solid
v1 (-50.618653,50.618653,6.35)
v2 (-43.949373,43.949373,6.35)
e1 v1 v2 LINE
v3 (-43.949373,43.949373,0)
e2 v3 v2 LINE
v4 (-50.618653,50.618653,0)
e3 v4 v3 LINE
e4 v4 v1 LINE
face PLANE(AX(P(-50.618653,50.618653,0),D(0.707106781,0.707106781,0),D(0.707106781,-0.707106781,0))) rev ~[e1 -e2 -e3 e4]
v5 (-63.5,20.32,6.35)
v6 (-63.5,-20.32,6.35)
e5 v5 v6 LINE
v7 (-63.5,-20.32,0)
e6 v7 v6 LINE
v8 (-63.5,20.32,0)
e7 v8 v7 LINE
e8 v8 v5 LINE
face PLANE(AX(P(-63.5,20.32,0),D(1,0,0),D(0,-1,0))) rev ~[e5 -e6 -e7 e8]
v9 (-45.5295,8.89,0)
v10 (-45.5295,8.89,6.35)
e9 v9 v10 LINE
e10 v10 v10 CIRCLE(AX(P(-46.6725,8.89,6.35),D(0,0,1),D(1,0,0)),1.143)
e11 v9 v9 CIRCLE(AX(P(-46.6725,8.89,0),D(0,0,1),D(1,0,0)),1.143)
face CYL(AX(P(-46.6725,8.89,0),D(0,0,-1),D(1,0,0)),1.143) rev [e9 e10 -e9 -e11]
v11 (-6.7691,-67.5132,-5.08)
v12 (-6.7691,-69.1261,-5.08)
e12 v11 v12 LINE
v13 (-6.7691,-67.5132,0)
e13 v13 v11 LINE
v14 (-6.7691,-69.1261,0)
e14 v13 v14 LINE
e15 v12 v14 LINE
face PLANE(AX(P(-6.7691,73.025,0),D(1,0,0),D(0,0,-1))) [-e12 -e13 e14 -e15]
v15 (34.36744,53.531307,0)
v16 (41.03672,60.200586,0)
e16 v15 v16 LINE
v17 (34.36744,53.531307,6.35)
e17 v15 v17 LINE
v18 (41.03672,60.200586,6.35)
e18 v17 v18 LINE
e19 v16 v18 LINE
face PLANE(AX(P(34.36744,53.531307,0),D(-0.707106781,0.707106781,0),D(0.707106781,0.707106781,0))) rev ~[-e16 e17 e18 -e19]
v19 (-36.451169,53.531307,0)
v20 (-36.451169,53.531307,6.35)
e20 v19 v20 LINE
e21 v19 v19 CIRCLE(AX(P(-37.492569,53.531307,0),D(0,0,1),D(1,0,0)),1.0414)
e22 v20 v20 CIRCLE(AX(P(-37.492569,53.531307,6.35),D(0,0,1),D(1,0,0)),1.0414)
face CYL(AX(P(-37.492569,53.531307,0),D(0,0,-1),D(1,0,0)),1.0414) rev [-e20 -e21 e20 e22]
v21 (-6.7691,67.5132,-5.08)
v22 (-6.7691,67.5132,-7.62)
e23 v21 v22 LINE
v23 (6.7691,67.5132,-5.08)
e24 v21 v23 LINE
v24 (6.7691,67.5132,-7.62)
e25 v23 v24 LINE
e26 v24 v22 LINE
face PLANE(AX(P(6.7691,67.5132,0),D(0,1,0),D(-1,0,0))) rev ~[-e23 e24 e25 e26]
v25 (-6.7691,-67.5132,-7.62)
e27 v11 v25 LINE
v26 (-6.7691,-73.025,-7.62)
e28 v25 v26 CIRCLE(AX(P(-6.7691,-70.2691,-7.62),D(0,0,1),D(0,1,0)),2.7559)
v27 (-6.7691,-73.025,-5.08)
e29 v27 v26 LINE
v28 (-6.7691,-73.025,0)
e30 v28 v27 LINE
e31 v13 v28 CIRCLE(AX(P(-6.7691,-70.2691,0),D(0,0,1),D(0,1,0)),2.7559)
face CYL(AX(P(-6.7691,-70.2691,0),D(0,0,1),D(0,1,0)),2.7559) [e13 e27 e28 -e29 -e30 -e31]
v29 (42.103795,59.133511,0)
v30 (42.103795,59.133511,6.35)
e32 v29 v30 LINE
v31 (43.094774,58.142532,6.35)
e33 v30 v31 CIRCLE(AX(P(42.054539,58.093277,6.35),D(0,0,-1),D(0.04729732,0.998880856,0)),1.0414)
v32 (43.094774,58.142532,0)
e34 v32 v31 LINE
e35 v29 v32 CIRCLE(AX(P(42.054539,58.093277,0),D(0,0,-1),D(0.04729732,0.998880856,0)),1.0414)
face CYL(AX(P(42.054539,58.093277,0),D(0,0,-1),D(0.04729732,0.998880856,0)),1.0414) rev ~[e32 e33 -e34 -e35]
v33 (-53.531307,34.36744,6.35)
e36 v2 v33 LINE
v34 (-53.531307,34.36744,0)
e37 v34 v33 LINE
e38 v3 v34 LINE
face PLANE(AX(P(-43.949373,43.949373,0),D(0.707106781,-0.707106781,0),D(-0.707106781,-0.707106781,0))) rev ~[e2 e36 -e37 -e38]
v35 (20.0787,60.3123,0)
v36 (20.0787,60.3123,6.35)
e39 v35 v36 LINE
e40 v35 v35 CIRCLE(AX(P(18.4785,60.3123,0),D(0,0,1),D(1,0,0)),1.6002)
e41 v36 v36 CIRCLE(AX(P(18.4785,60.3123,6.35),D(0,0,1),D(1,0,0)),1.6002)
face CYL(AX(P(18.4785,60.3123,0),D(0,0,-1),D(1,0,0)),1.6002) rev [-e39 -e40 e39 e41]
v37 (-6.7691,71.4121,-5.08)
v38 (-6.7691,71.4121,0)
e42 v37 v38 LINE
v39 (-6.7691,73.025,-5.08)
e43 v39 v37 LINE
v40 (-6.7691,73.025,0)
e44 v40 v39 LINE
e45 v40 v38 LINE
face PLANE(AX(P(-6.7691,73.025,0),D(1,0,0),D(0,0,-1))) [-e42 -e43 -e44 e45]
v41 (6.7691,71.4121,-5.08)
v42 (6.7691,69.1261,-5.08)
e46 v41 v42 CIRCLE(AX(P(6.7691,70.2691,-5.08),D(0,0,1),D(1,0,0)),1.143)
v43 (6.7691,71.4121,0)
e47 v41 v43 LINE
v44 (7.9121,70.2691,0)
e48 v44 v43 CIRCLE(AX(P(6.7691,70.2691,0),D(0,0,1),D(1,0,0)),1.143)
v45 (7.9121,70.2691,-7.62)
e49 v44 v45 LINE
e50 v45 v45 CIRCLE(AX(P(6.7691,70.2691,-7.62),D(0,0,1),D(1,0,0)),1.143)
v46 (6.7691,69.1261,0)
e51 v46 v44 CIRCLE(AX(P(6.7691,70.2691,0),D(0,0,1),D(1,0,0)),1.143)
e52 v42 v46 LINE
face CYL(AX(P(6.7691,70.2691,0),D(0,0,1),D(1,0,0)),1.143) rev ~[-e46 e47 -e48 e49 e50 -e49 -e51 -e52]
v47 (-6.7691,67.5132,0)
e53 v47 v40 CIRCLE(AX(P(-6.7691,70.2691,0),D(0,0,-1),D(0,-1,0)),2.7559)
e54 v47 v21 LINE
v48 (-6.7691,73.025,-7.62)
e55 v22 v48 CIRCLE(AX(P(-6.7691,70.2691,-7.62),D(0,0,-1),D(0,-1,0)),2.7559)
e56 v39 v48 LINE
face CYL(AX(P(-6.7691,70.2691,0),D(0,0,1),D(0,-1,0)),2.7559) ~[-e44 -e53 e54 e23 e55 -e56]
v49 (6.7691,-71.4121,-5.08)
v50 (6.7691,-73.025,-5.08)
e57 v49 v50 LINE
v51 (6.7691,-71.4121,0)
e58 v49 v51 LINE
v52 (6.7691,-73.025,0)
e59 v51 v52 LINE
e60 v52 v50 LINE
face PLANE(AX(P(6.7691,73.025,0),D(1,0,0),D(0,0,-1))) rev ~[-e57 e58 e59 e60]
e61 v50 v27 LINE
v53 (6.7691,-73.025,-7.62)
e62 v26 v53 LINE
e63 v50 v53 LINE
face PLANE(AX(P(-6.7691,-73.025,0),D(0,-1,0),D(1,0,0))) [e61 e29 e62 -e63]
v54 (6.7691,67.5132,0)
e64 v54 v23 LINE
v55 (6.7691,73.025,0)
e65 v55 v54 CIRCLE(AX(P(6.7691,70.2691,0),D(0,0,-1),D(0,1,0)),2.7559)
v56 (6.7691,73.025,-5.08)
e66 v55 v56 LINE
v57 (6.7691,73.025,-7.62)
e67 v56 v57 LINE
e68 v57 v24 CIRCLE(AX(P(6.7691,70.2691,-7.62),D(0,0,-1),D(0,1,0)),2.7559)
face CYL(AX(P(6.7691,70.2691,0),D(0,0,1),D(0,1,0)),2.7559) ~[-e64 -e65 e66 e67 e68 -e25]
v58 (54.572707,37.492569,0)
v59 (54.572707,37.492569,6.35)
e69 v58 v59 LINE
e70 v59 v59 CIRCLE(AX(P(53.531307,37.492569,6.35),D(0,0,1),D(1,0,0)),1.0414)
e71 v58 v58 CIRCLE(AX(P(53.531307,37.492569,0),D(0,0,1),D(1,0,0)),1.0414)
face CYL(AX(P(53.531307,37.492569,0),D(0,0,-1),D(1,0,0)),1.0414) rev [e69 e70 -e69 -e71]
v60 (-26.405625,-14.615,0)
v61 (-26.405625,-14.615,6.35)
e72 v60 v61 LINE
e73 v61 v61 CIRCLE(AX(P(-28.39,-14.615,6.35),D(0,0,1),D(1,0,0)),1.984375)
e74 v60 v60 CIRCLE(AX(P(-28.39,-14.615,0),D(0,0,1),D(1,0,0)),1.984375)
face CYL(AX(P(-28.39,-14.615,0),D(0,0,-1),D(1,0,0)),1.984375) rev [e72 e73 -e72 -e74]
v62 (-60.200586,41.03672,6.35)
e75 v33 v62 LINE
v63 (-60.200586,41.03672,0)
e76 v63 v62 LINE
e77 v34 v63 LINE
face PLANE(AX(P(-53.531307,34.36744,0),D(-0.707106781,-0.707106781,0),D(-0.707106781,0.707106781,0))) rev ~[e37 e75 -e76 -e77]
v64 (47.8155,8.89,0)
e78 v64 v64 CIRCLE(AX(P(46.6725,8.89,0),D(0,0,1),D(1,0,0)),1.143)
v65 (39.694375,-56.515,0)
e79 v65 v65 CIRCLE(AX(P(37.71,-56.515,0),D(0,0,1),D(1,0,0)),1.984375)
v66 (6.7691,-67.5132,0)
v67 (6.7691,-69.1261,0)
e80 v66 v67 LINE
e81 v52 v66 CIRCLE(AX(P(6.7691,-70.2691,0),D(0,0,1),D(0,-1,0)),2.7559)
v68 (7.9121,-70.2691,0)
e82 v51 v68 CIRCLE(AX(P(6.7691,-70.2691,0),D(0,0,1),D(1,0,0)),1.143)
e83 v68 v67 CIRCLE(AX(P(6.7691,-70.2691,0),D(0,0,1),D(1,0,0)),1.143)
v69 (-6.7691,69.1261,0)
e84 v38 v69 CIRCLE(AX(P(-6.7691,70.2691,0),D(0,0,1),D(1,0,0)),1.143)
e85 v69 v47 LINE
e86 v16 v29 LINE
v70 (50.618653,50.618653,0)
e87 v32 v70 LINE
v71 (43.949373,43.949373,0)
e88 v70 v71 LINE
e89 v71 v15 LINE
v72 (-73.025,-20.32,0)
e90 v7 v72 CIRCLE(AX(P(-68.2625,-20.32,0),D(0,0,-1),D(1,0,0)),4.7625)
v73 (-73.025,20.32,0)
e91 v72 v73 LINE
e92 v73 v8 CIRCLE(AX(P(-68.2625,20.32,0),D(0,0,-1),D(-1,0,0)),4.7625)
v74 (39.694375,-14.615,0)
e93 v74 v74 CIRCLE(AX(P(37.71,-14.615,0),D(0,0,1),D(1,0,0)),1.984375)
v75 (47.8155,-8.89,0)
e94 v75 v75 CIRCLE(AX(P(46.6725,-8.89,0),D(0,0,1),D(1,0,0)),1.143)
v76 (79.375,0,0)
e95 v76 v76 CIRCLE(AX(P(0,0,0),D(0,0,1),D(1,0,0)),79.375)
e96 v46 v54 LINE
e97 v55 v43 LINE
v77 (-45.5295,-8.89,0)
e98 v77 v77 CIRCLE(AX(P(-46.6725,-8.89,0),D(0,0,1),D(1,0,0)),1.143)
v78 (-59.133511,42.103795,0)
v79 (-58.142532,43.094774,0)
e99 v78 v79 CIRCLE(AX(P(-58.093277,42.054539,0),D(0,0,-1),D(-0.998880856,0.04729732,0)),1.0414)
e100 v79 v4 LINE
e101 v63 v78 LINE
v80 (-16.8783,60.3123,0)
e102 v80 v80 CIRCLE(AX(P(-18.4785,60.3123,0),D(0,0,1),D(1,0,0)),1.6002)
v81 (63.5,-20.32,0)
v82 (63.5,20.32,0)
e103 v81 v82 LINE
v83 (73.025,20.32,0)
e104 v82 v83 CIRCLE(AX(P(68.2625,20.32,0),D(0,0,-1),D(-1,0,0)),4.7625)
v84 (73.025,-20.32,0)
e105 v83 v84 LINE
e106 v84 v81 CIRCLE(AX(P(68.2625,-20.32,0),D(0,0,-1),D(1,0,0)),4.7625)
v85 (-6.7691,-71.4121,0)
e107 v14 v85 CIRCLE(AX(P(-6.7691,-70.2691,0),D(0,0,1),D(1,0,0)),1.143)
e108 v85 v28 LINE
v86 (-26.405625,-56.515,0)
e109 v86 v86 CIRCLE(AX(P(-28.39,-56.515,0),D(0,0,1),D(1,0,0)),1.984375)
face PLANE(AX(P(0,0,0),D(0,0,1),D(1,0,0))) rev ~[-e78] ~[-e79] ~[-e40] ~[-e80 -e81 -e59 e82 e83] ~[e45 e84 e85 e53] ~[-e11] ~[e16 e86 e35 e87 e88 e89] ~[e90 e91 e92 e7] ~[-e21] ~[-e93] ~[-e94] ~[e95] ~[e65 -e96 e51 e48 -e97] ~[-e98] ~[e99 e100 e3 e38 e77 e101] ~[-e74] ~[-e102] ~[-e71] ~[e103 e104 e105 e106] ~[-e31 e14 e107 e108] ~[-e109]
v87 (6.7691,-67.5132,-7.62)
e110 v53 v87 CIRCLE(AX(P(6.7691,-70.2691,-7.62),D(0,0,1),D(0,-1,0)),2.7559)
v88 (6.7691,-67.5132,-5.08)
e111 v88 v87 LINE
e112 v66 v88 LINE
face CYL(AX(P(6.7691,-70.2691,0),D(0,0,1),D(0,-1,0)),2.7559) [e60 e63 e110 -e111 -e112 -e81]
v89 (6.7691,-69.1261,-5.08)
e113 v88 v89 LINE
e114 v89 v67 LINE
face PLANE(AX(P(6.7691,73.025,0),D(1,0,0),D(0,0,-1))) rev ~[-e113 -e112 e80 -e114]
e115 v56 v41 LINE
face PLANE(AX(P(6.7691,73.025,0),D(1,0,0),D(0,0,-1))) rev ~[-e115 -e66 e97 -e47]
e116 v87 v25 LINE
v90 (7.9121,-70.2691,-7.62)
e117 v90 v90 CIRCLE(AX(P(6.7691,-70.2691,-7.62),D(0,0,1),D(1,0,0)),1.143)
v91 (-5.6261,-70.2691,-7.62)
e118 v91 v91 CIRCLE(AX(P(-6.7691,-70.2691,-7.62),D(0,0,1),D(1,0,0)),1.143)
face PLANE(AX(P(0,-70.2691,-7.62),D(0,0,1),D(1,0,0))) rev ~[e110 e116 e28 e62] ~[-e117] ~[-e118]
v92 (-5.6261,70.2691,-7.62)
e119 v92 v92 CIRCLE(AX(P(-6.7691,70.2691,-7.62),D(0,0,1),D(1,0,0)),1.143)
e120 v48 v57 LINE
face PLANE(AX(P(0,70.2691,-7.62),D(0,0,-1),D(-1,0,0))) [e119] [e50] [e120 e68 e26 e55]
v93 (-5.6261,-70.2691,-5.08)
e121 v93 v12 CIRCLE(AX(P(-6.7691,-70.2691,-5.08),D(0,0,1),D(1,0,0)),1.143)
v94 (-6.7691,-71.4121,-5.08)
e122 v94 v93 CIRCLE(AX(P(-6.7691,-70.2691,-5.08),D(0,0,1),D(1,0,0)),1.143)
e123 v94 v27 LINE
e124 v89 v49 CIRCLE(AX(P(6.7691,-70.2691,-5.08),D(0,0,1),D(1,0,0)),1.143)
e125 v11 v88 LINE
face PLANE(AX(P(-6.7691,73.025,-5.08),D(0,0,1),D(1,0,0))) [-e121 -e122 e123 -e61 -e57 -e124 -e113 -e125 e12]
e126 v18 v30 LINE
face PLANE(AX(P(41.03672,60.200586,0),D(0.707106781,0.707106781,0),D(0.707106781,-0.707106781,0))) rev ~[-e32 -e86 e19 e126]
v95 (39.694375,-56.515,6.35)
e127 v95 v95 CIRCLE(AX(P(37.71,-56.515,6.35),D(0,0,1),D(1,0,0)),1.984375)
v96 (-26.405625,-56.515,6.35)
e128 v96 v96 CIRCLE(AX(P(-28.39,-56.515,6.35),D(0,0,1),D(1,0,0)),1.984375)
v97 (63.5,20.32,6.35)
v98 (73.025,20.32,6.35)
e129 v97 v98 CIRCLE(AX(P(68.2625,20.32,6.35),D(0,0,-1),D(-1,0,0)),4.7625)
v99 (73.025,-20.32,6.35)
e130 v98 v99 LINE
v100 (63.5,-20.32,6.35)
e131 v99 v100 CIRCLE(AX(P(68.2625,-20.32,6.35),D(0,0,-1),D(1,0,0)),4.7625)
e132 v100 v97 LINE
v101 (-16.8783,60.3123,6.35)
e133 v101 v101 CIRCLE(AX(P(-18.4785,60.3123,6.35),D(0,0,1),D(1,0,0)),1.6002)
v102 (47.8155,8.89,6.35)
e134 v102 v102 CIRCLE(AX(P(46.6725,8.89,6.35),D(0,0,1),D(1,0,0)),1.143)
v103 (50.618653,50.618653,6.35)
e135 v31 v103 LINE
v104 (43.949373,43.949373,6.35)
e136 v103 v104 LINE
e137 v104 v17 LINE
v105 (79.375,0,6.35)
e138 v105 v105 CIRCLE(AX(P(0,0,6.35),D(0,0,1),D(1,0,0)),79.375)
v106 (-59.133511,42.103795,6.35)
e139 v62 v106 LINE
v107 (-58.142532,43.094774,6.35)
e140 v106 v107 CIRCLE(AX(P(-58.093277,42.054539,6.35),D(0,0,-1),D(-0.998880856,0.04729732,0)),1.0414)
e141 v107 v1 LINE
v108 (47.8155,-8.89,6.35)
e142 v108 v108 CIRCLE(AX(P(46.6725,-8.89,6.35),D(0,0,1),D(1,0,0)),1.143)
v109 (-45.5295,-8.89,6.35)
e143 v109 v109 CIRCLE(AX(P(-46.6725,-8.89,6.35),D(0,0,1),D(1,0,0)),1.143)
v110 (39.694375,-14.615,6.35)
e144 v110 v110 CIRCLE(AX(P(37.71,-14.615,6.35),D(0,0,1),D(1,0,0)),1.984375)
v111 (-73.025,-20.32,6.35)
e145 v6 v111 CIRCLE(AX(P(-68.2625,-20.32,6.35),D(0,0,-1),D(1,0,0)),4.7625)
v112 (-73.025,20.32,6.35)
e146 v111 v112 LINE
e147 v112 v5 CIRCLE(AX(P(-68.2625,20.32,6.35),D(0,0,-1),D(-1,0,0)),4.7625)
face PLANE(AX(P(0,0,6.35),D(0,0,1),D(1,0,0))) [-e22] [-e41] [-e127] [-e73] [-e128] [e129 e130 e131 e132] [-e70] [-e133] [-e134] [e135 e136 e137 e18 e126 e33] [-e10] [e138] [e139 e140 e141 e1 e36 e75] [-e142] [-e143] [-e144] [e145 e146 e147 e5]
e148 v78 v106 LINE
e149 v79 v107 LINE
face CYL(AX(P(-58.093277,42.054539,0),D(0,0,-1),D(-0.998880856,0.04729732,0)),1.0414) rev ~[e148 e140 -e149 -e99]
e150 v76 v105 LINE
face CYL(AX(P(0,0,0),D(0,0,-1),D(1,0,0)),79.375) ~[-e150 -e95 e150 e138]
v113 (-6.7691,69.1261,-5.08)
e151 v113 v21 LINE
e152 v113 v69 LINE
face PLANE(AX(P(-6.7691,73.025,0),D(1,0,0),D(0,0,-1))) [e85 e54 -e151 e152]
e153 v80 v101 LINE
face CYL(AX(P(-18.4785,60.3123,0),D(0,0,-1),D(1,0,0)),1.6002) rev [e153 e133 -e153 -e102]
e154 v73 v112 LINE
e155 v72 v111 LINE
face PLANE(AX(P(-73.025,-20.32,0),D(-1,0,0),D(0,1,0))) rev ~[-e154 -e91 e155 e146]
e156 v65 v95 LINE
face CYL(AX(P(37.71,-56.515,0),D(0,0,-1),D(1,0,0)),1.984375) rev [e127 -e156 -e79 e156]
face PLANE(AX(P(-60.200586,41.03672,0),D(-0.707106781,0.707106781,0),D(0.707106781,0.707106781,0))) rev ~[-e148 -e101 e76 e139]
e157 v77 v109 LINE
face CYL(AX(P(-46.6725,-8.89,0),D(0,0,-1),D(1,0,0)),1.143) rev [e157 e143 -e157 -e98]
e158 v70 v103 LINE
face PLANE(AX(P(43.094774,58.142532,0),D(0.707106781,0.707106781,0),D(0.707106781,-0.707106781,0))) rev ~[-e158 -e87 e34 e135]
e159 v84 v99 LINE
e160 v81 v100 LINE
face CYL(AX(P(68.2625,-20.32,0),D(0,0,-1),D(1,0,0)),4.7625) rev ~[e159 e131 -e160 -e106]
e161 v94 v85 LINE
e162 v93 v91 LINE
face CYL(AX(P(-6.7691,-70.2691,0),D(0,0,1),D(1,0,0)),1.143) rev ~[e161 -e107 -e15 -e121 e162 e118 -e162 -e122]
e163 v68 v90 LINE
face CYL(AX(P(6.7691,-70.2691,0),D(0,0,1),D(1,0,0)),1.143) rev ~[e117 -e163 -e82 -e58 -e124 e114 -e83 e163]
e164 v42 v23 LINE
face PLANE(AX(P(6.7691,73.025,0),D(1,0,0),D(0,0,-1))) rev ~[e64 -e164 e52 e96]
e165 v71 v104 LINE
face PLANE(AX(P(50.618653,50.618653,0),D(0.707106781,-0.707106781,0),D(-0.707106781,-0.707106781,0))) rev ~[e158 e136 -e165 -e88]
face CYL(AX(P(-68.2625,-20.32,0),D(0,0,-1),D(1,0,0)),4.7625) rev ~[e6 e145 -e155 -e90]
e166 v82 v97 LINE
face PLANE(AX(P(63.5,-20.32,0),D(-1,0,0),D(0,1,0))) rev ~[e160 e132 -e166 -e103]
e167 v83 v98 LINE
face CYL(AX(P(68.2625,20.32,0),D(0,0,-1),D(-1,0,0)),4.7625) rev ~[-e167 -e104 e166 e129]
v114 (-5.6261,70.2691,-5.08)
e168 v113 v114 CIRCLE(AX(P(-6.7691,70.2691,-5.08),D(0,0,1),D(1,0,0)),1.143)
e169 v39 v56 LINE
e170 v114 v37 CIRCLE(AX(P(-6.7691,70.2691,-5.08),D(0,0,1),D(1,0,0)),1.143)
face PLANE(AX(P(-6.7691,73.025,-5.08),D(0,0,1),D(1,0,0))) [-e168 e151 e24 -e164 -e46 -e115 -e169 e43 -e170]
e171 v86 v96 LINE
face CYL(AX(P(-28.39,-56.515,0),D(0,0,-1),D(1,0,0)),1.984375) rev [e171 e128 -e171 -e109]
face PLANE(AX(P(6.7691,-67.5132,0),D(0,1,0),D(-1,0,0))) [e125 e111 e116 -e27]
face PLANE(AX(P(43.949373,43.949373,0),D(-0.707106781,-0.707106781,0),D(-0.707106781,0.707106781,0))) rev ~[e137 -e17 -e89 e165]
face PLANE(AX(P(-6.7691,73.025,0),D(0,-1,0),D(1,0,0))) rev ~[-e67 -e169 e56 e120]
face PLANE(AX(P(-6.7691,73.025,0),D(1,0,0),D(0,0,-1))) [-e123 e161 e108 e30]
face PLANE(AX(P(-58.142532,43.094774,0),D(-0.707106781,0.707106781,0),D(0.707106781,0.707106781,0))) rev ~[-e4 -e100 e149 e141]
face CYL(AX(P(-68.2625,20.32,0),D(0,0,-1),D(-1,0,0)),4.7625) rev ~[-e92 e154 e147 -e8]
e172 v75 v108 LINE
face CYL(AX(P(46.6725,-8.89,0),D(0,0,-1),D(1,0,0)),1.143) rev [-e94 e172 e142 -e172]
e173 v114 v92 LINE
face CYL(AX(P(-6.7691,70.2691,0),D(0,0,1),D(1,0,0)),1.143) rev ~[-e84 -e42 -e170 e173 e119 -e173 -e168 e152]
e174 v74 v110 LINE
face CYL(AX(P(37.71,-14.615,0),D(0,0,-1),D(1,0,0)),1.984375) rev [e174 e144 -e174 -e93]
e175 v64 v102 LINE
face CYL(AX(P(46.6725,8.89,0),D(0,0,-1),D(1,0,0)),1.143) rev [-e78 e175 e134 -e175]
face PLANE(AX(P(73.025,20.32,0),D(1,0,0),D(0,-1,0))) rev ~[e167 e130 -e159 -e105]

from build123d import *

# Parameters (mm, degrees)
MASTER_R            = 79.375
MASTER_R_2          = 1.984375
MASTER_R_3          = 1.143
MASTER_R_4          = 1.0414
MASTER_R_5          = 1.6002
BOSS_EXTRUDE1_DEPTH = 6.35
SKETCH11_R          = 1.143
BOSS_EXTRUDE3_DEPTH = 7.62
SKETCH13_W          = 13.5382
SKETCH13_H          = 5.08
CUT_EXTRUDE1_DEPTH  = 173.000625072


with BuildPart() as part:
    # Master → Boss-Extrude1 (new body)
    with BuildSketch(Plane.XY):
        Circle(MASTER_R)
        with Locations((-28.39, -56.515)):
            Circle(MASTER_R_2, mode=Mode.SUBTRACT)
        with BuildLine():
            ThreePointArc((-73.025, 20.32), (-68.2625, 25.0825), (-63.5, 20.32))
            Line((-63.5, 20.32), (-63.5, -20.32))
            ThreePointArc((-63.5, -20.32), (-68.2625, -25.0825), (-73.025, -20.32))
            Line((-73.025, -20.32), (-73.025, 20.32))
        make_face(mode=Mode.SUBTRACT)
        with Locations((-46.6725, -8.89)):
            Circle(MASTER_R_3, mode=Mode.SUBTRACT)
        with Locations((-28.39, -14.615)):
            Circle(MASTER_R_2, mode=Mode.SUBTRACT)
        with Locations((37.71, -56.515)):
            Circle(MASTER_R_2, mode=Mode.SUBTRACT)
        with Locations((37.71, -14.615)):
            Circle(MASTER_R_2, mode=Mode.SUBTRACT)
        with Locations((46.6725, -8.89)):
            Circle(MASTER_R_3, mode=Mode.SUBTRACT)
        with BuildLine():
            Line((63.5, -20.32), (63.5, 20.32))
            ThreePointArc((63.5, 20.32), (68.2625, 25.0825), (73.025, 20.32))
            Line((73.025, 20.32), (73.025, -20.32))
            ThreePointArc((73.025, -20.32), (68.2625, -25.0825), (63.5, -20.32))
        make_face(mode=Mode.SUBTRACT)
        with Locations((-46.6725, 8.89)):
            Circle(MASTER_R_3, mode=Mode.SUBTRACT)
        with BuildLine():
            Line((-43.949373457, 43.949373457), (-53.531306738, 34.367440175))
            Line((-53.531306738, 34.367440175), (-60.200586388, 41.036719826))
            Line((-60.200586388, 41.036719826), (-59.13351137, 42.103794844))
            ThreePointArc((-59.13351137, 42.103794844), (-58.829657849, 42.790920417), (-58.142532276, 43.094773938))
            Line((-58.142532276, 43.094773938), (-50.618653107, 50.618653107))
            Line((-50.618653107, 50.618653107), (-43.949373457, 43.949373457))
        make_face(mode=Mode.SUBTRACT)
        with Locations((-37.492569305, 53.531306738)):
            Circle(MASTER_R_4, mode=Mode.SUBTRACT)
        with Locations((-18.478499634, 60.3123)):
            Circle(MASTER_R_5, mode=Mode.SUBTRACT)
        with Locations((46.6725, 8.89)):
            Circle(MASTER_R_3, mode=Mode.SUBTRACT)
        with Locations((53.531306738, 37.492569305)):
            Circle(MASTER_R_4, mode=Mode.SUBTRACT)
        with Locations((18.478500366, 60.3123)):
            Circle(MASTER_R_5, mode=Mode.SUBTRACT)
        with BuildLine():
            Line((43.949373457, 43.949373457), (34.367440175, 53.531306738))
            Line((34.367440175, 53.531306738), (41.036719826, 60.200586388))
            Line((41.036719826, 60.200586388), (42.103794844, 59.13351137))
            ThreePointArc((42.103794844, 59.13351137), (42.790920417, 58.829657849), (43.094773938, 58.142532276))
            Line((43.094773938, 58.142532276), (50.618653107, 50.618653107))
            Line((50.618653107, 50.618653107), (43.949373457, 43.949373457))
        make_face(mode=Mode.SUBTRACT)
    extrude(amount=BOSS_EXTRUDE1_DEPTH)

    # Sketch11 → Boss-Extrude3 (add)
    # profile 1 of 2: a face of its own
    with BuildSketch(Plane.XY):
        with BuildLine():
            Line((6.7691, 67.5132), (-6.7691, 67.5132))
            ThreePointArc((-6.7691, 67.5132), (-9.525, 70.2691), (-6.7691, 73.025))
            Line((-6.7691, 73.025), (6.7691, 73.025))
            ThreePointArc((6.7691, 73.025), (9.525, 70.2691), (6.7691, 67.5132))
        make_face()
        with Locations((-6.7691, 70.2691)):
            Circle(SKETCH11_R, mode=Mode.SUBTRACT)
        with Locations((6.7691, 70.2691)):
            Circle(SKETCH11_R, mode=Mode.SUBTRACT)
    # profile 2 of 2: a face of its own
    with BuildSketch(Plane.XY):
        with BuildLine():
            Line((6.7691, -67.5132), (-6.7691, -67.5132))
            ThreePointArc((-6.7691, -67.5132), (-9.525, -70.2691), (-6.7691, -73.025))
            Line((-6.7691, -73.025), (6.7691, -73.025))
            ThreePointArc((6.7691, -73.025), (9.525, -70.2691), (6.7691, -67.5132))
        make_face()
        with Locations((6.7691, -70.2691)):
            Circle(SKETCH11_R, mode=Mode.SUBTRACT)
        with Locations((-6.7691, -70.2691)):
            Circle(SKETCH11_R, mode=Mode.SUBTRACT)
    extrude(amount=-BOSS_EXTRUDE3_DEPTH)

    # Sketch13 → Cut-Extrude1 (cut, through all)
    with BuildSketch(Plane(origin=(0, 73.025, 0), x_dir=(1, 0, 0), z_dir=(0, 1, 0))):
        with Locations((0, 2.54)):
            Rectangle(SKETCH13_W, SKETCH13_H)
    extrude(amount=-CUT_EXTRUDE1_DEPTH, mode=Mode.SUBTRACT)


solid = part.part
